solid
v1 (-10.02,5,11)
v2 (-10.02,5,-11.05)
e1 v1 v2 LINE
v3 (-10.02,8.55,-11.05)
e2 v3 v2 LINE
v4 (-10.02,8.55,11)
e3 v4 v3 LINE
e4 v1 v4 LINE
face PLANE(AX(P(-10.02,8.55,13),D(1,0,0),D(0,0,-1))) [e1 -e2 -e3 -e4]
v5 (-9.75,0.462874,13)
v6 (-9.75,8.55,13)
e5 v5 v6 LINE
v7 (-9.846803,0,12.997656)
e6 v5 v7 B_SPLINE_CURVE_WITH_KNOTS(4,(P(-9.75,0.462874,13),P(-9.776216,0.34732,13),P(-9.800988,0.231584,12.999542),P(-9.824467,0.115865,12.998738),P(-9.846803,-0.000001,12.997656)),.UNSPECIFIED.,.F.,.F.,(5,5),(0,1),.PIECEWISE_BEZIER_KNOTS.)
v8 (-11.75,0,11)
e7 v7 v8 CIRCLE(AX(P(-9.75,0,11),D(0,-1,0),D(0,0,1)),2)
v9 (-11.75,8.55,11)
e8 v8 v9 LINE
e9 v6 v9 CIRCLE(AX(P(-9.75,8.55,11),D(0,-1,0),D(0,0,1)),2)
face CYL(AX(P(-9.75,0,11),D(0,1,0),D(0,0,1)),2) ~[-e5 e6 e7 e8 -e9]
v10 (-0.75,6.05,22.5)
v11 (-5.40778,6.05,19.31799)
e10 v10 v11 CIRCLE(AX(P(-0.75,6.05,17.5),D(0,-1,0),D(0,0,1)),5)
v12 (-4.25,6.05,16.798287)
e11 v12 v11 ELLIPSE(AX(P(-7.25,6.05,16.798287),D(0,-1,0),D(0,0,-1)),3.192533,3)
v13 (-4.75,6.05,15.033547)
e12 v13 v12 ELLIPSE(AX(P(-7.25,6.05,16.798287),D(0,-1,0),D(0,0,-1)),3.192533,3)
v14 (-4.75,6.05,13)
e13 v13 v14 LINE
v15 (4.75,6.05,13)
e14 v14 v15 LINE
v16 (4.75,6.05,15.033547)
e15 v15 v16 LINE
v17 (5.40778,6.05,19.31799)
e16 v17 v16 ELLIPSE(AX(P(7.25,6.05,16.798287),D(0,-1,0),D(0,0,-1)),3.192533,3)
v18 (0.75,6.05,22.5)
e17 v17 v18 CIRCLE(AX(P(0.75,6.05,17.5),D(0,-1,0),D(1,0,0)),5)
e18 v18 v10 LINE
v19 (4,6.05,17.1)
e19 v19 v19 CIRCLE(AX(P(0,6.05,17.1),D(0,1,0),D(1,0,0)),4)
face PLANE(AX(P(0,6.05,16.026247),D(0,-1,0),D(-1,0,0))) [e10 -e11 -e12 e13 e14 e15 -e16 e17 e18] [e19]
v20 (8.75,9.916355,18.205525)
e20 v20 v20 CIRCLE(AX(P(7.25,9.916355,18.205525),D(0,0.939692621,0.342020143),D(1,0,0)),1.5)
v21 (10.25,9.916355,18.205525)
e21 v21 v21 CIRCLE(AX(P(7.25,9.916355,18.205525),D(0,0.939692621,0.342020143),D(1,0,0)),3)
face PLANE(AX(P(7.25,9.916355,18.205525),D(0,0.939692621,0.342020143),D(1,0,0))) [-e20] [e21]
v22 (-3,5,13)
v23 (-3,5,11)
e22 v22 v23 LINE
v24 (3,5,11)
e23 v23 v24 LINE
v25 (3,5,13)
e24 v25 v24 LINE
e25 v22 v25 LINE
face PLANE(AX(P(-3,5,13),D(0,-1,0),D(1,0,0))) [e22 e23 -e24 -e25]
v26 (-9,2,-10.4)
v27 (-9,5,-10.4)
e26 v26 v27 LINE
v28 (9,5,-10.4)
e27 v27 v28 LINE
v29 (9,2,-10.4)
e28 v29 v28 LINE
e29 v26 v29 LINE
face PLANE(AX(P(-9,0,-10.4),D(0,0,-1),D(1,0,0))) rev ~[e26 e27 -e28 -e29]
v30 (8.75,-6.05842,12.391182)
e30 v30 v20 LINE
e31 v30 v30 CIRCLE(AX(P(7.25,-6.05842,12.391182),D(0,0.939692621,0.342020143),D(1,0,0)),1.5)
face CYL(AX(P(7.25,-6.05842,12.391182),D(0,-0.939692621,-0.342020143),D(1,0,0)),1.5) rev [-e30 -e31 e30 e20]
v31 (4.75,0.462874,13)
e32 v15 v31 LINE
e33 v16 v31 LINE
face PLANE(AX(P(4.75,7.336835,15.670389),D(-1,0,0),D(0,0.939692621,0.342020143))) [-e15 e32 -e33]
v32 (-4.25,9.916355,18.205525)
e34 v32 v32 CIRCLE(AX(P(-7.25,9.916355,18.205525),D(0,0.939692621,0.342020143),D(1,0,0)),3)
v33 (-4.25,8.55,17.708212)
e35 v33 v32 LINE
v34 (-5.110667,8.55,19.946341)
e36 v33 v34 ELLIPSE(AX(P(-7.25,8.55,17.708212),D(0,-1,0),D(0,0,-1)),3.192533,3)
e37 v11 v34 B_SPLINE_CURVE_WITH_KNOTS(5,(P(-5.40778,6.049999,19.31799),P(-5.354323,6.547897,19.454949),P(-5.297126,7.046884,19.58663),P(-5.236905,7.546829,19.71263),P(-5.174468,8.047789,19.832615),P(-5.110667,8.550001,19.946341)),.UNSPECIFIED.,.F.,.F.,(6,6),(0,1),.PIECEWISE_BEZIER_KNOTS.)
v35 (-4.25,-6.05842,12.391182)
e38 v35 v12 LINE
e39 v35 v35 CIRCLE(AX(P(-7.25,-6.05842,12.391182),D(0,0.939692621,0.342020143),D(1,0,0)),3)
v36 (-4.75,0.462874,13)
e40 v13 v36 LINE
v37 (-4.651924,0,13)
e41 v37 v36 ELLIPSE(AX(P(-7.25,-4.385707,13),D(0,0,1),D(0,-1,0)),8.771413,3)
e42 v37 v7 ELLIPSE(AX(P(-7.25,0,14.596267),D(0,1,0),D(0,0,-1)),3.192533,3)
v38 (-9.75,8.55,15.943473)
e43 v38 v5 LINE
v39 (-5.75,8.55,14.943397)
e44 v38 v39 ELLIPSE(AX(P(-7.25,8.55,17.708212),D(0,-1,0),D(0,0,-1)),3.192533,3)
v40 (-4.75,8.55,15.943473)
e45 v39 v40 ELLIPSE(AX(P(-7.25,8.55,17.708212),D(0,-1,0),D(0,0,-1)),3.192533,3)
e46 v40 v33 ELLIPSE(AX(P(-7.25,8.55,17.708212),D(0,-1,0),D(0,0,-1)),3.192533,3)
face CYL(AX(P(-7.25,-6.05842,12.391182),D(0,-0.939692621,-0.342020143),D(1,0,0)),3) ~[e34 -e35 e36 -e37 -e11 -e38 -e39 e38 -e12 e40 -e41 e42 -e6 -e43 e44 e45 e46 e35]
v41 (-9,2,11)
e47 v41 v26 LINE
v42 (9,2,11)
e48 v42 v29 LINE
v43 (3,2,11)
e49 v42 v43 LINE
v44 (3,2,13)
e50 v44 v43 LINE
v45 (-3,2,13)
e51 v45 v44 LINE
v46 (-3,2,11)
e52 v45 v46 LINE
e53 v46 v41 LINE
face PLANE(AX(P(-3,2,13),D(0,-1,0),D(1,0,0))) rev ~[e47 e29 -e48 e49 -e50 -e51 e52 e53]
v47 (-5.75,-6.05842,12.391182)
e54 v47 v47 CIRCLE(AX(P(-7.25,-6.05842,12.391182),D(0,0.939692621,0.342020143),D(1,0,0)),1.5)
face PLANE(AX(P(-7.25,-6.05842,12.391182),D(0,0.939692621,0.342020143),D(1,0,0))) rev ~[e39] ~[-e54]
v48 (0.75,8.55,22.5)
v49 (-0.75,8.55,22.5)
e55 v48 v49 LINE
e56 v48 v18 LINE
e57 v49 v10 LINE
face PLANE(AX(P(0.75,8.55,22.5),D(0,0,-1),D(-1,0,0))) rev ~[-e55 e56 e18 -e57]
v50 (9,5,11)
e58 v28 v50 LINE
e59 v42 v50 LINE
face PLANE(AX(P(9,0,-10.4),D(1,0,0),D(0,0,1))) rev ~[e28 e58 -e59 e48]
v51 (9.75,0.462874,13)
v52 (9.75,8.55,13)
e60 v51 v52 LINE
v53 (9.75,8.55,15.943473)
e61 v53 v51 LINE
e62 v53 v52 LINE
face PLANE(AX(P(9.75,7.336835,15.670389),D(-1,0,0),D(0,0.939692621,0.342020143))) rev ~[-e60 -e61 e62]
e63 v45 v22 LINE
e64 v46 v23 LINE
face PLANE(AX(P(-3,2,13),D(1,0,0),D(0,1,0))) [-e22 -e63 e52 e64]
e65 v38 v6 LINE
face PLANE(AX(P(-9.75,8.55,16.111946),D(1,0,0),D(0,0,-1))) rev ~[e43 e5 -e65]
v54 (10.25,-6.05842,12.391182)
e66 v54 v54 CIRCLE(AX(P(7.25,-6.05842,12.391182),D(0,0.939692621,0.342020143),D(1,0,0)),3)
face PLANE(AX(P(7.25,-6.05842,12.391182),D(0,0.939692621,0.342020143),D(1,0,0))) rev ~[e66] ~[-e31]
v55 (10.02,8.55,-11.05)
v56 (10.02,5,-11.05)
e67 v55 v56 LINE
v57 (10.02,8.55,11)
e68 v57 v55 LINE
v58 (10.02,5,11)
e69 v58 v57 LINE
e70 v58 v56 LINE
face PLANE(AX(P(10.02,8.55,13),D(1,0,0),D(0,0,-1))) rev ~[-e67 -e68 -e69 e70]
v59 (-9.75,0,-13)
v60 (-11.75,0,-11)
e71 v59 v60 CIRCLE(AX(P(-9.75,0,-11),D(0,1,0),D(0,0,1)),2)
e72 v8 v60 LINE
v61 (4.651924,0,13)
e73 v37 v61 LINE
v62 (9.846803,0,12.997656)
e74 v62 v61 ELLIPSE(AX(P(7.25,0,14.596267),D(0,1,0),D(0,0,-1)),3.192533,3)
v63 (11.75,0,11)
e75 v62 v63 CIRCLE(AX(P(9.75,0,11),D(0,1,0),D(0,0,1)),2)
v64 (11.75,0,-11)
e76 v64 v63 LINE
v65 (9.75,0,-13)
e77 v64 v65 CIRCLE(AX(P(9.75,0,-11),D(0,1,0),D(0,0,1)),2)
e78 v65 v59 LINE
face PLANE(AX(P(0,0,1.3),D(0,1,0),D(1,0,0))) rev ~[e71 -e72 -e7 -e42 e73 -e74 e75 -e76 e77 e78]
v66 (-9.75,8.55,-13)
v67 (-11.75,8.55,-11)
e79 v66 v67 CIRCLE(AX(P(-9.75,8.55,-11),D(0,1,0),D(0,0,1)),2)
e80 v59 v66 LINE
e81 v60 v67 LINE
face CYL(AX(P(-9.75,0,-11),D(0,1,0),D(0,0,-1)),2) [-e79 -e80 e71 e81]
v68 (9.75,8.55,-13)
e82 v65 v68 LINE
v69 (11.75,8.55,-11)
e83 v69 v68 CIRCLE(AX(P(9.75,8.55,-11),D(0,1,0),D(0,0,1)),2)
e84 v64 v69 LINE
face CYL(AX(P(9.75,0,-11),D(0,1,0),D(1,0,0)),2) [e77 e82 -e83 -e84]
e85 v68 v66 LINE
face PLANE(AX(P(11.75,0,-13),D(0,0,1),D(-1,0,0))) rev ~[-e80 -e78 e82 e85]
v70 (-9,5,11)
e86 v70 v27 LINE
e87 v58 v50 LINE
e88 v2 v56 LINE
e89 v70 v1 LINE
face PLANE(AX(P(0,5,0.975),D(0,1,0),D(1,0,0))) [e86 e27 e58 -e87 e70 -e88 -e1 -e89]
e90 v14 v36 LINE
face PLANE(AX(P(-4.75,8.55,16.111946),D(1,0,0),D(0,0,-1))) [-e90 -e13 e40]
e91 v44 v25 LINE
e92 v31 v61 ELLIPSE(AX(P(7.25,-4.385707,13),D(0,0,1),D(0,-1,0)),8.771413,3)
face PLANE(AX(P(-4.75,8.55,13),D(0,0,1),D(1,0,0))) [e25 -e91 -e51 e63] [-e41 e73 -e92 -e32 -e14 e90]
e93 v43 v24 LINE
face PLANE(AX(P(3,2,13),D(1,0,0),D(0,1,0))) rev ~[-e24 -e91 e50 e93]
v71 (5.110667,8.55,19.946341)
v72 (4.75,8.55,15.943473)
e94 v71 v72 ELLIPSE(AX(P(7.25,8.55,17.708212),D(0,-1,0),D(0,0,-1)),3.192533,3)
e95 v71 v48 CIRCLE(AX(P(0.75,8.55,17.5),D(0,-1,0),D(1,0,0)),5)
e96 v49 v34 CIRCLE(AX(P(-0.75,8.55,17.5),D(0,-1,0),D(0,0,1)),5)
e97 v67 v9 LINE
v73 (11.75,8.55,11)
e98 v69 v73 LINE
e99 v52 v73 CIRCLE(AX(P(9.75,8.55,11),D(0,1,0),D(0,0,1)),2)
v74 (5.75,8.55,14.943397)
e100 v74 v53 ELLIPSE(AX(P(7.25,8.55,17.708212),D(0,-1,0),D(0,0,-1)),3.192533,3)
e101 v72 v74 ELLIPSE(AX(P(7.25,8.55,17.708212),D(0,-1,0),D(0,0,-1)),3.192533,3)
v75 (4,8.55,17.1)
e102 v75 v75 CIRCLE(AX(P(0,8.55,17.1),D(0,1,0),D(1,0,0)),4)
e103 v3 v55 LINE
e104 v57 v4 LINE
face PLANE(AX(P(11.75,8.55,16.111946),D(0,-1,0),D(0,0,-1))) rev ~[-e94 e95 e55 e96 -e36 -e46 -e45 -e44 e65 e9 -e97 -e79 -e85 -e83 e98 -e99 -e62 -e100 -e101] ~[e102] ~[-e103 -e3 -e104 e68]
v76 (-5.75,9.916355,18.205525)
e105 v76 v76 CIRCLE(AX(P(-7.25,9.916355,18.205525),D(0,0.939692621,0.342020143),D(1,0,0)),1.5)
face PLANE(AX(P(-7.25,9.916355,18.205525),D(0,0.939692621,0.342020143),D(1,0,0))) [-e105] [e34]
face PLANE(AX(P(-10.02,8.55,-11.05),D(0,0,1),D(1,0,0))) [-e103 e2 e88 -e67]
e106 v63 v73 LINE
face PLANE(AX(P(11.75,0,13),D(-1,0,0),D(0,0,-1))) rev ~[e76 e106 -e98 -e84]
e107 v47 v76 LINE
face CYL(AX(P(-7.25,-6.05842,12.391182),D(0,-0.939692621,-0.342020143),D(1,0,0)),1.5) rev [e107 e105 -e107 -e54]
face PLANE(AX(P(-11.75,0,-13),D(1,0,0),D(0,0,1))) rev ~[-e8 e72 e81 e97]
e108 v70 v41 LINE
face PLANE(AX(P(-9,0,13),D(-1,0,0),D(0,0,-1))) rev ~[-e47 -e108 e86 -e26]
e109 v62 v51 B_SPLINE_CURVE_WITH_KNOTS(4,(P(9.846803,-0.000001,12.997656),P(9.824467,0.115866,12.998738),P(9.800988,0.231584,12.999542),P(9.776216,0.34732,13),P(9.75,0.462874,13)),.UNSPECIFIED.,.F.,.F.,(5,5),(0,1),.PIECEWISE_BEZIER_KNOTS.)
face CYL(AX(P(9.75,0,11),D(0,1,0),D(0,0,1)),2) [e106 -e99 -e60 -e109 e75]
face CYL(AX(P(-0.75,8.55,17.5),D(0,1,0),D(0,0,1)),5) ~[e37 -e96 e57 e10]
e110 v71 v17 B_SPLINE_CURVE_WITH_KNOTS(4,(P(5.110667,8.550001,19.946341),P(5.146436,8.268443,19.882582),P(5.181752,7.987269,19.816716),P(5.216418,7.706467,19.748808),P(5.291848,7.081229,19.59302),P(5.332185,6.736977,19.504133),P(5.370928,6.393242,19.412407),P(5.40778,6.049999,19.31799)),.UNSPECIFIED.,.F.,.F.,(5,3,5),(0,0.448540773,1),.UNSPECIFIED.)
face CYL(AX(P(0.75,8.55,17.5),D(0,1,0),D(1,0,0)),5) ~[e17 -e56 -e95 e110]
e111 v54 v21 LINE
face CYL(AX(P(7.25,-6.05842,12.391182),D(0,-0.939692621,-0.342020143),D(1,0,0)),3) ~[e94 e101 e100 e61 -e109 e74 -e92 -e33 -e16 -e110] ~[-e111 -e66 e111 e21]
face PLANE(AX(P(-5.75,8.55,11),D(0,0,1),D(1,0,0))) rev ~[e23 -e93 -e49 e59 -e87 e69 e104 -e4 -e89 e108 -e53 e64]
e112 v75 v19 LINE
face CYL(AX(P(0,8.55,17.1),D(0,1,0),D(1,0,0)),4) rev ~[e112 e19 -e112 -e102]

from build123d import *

# Parameters (mm, degrees)
BOSS_EXTRUDE1_DEPTH       = 8.55
SKETCH1_4_W               = 18
SKETCH1_4_H               = 23.4
BOSS_EXTRUDE2_DEPTH       = 2
SKETCH2_W                 = 20.04
SKETCH2_H                 = 24.05
CUT_EXTRUDE1_DEPTH        = 3.55
SKETCH3_W                 = 6
SKETCH3_H                 = 3
BOSS_EXTRUDE4_DEPTH       = 2
FILLET1_R                 = 2
BOSS_EXTRUDE5_DEPTH       = 23.5
SKETCH6_W                 = 2
SKETCH6_H                 = 3.111945503
SKETCH6_W_2               = 9.5
CUT_EXTRUDE2_DEPTH        = 23
SKETCH7_W                 = 5
SKETCH7_H                 = 1.291023664
BOSS_EXTRUDE6_DEPTH       = 1
BOSS_EXTRUDE11_DEPTH      = 2
BOSS_EXTRUDE11_DEPTH_BACK = 15
SKETCH8_R                 = 3
CUT_EXTRUDE3_DEPTH        = 2
CUT_EXTRUDE3_DEPTH_BACK   = 15
SKETCH8_5_R               = 1.5
SKETCH10_R                = 4
BOSS_EXTRUDE13_DEPTH      = 2.5


with BuildPart() as part:
    # Sketch1 → Boss-Extrude1 (new body)
    with BuildSketch(Plane(origin=(0, 0, 0), x_dir=(1, 0, 0), z_dir=(0, 1, 0))):
        Polygon((-11.75, 13), (-11.75, -13), (-9, -13), (-9, 10.4), (9, 10.4), (9, -13), (11.75, -13), (11.75, 13), align=None)
    extrude(amount=BOSS_EXTRUDE1_DEPTH)

    # Sketch1<4> → Boss-Extrude2 (add)
    with BuildSketch(Plane(origin=(0, 0, 0), x_dir=(1, 0, 0), z_dir=(0, 1, 0))):
        with Locations((0, -1.3)):
            Rectangle(SKETCH1_4_W, SKETCH1_4_H)
    extrude(amount=BOSS_EXTRUDE2_DEPTH)

    # Sketch2 → Cut-Extrude1 (cut)
    with BuildSketch(Plane(origin=(0, 8.55, 0), x_dir=(1, 0, 0), z_dir=(0, 1, 0))):
        with Locations((0, -0.975)):
            Rectangle(SKETCH2_W, SKETCH2_H)
    extrude(amount=-CUT_EXTRUDE1_DEPTH, mode=Mode.SUBTRACT)

    # Sketch3 → Boss-Extrude4 (add)
    with BuildSketch(Plane.XY.offset(13)):
        Polygon((-11.75, 8.55), (-3, 8.55), (3, 8.55), (11.75, 8.55), (11.75, 0), (3, 0), (-3, 0), (-11.75, 0), align=None)
        with Locations((0, 3.5)):
            Rectangle(SKETCH3_W, SKETCH3_H, mode=Mode.SUBTRACT)
    extrude(amount=-BOSS_EXTRUDE4_DEPTH)

    # Fillet1
    fillet1_edges = [part.edges().sort_by_distance(p)[0] for p in [
        (11.75, 4.275, 13),
        (11.75, 4.275, -13),
        (-11.75, 4.275, -13),
        (-11.75, 4.275, 13),
    ]]
    fillet(fillet1_edges, radius=FILLET1_R)

    # Sketch5 → Boss-Extrude5 (add)
    with BuildSketch(Plane(origin=(11.75, 0, 0), x_dir=(0, 0, -1), z_dir=(1, 0, 0))):
        Polygon((-13, 0), (-16.111945503, 8.55), (-13, 8.55), align=None)
    extrude(amount=-BOSS_EXTRUDE5_DEPTH)

    # Sketch6 → Cut-Extrude2 (cut)
    with BuildSketch(Plane(origin=(0, 8.55, 0), x_dir=(1, 0, 0), z_dir=(0, 1, 0))):
        with Locations((-10.75, -14.555972752)):
            Rectangle(SKETCH6_W, SKETCH6_H)
        with Locations((10.75, -14.555972752)):
            Rectangle(SKETCH6_W, SKETCH6_H)
        with Locations((0, -14.555972752)):
            Rectangle(SKETCH6_W_2, SKETCH6_H)
    extrude(amount=-CUT_EXTRUDE2_DEPTH, mode=Mode.SUBTRACT)

    # Sketch7 → Boss-Extrude6 (add)
    with BuildSketch(Plane(origin=(0, -4.178119463, 11.47928888), x_dir=(1, 0, 0), z_dir=(0, -0.34202014332566966, 0.939692620785908))):
        with Locations((7.25, 12.899469986)):
            Rectangle(SKETCH7_W, SKETCH7_H)
    extrude(amount=BOSS_EXTRUDE6_DEPTH)

    # Sketch8 → Boss-Extrude11 (add, two sides: drawn at the far end of the back side and taken through both)
    with BuildSketch(Plane(origin=(0, 12.728119463, 4.632656623), x_dir=(1, 0, 0), z_dir=(0, 0.939692620785908, 0.3420201433256697)).offset(-BOSS_EXTRUDE11_DEPTH_BACK)):
        with Locations((7.25, -13.71600407)):
            Circle(SKETCH8_R)
        with Locations((-7.25, -13.71600407)):
            Circle(SKETCH8_R)
    extrude(amount=BOSS_EXTRUDE11_DEPTH + BOSS_EXTRUDE11_DEPTH_BACK)

    # Sketch8<5> → Cut-Extrude3 (cut, two sides: drawn at the far end of the back side and taken through both)
    with BuildSketch(Plane(origin=(0, 12.728119463, 4.632656623), x_dir=(1, 0, 0), z_dir=(0, 0.939692620785908, 0.3420201433256697)).offset(-CUT_EXTRUDE3_DEPTH_BACK)):
        with Locations((-7.25, -13.71600407)):
            Circle(SKETCH8_5_R)
        with Locations((7.25, -13.71600407)):
            Circle(SKETCH8_5_R)
    extrude(amount=CUT_EXTRUDE3_DEPTH + CUT_EXTRUDE3_DEPTH_BACK, mode=Mode.SUBTRACT)

    # Sketch10 → Boss-Extrude13 (add)
    with BuildSketch(Plane(origin=(0, 8.55, 0), x_dir=(1, 0, 0), z_dir=(0, 1, 0))):
        with BuildLine():
            Line((-5.75, -11), (5.75, -11))
            Line((5.75, -11), (5.75, -17.5))
            ThreePointArc((5.75, -17.5), (4.285533906, -21.035533906), (0.75, -22.5))
            Line((0.75, -22.5), (-0.75, -22.5))
            ThreePointArc((-0.75, -22.5), (-4.285533906, -21.035533906), (-5.75, -17.5))
            Line((-5.75, -17.5), (-5.75, -11))
        make_face()
        with Locations((0, -17.1)):
            Circle(SKETCH10_R, mode=Mode.SUBTRACT)
    extrude(amount=-BOSS_EXTRUDE13_DEPTH)


solid = part.part
